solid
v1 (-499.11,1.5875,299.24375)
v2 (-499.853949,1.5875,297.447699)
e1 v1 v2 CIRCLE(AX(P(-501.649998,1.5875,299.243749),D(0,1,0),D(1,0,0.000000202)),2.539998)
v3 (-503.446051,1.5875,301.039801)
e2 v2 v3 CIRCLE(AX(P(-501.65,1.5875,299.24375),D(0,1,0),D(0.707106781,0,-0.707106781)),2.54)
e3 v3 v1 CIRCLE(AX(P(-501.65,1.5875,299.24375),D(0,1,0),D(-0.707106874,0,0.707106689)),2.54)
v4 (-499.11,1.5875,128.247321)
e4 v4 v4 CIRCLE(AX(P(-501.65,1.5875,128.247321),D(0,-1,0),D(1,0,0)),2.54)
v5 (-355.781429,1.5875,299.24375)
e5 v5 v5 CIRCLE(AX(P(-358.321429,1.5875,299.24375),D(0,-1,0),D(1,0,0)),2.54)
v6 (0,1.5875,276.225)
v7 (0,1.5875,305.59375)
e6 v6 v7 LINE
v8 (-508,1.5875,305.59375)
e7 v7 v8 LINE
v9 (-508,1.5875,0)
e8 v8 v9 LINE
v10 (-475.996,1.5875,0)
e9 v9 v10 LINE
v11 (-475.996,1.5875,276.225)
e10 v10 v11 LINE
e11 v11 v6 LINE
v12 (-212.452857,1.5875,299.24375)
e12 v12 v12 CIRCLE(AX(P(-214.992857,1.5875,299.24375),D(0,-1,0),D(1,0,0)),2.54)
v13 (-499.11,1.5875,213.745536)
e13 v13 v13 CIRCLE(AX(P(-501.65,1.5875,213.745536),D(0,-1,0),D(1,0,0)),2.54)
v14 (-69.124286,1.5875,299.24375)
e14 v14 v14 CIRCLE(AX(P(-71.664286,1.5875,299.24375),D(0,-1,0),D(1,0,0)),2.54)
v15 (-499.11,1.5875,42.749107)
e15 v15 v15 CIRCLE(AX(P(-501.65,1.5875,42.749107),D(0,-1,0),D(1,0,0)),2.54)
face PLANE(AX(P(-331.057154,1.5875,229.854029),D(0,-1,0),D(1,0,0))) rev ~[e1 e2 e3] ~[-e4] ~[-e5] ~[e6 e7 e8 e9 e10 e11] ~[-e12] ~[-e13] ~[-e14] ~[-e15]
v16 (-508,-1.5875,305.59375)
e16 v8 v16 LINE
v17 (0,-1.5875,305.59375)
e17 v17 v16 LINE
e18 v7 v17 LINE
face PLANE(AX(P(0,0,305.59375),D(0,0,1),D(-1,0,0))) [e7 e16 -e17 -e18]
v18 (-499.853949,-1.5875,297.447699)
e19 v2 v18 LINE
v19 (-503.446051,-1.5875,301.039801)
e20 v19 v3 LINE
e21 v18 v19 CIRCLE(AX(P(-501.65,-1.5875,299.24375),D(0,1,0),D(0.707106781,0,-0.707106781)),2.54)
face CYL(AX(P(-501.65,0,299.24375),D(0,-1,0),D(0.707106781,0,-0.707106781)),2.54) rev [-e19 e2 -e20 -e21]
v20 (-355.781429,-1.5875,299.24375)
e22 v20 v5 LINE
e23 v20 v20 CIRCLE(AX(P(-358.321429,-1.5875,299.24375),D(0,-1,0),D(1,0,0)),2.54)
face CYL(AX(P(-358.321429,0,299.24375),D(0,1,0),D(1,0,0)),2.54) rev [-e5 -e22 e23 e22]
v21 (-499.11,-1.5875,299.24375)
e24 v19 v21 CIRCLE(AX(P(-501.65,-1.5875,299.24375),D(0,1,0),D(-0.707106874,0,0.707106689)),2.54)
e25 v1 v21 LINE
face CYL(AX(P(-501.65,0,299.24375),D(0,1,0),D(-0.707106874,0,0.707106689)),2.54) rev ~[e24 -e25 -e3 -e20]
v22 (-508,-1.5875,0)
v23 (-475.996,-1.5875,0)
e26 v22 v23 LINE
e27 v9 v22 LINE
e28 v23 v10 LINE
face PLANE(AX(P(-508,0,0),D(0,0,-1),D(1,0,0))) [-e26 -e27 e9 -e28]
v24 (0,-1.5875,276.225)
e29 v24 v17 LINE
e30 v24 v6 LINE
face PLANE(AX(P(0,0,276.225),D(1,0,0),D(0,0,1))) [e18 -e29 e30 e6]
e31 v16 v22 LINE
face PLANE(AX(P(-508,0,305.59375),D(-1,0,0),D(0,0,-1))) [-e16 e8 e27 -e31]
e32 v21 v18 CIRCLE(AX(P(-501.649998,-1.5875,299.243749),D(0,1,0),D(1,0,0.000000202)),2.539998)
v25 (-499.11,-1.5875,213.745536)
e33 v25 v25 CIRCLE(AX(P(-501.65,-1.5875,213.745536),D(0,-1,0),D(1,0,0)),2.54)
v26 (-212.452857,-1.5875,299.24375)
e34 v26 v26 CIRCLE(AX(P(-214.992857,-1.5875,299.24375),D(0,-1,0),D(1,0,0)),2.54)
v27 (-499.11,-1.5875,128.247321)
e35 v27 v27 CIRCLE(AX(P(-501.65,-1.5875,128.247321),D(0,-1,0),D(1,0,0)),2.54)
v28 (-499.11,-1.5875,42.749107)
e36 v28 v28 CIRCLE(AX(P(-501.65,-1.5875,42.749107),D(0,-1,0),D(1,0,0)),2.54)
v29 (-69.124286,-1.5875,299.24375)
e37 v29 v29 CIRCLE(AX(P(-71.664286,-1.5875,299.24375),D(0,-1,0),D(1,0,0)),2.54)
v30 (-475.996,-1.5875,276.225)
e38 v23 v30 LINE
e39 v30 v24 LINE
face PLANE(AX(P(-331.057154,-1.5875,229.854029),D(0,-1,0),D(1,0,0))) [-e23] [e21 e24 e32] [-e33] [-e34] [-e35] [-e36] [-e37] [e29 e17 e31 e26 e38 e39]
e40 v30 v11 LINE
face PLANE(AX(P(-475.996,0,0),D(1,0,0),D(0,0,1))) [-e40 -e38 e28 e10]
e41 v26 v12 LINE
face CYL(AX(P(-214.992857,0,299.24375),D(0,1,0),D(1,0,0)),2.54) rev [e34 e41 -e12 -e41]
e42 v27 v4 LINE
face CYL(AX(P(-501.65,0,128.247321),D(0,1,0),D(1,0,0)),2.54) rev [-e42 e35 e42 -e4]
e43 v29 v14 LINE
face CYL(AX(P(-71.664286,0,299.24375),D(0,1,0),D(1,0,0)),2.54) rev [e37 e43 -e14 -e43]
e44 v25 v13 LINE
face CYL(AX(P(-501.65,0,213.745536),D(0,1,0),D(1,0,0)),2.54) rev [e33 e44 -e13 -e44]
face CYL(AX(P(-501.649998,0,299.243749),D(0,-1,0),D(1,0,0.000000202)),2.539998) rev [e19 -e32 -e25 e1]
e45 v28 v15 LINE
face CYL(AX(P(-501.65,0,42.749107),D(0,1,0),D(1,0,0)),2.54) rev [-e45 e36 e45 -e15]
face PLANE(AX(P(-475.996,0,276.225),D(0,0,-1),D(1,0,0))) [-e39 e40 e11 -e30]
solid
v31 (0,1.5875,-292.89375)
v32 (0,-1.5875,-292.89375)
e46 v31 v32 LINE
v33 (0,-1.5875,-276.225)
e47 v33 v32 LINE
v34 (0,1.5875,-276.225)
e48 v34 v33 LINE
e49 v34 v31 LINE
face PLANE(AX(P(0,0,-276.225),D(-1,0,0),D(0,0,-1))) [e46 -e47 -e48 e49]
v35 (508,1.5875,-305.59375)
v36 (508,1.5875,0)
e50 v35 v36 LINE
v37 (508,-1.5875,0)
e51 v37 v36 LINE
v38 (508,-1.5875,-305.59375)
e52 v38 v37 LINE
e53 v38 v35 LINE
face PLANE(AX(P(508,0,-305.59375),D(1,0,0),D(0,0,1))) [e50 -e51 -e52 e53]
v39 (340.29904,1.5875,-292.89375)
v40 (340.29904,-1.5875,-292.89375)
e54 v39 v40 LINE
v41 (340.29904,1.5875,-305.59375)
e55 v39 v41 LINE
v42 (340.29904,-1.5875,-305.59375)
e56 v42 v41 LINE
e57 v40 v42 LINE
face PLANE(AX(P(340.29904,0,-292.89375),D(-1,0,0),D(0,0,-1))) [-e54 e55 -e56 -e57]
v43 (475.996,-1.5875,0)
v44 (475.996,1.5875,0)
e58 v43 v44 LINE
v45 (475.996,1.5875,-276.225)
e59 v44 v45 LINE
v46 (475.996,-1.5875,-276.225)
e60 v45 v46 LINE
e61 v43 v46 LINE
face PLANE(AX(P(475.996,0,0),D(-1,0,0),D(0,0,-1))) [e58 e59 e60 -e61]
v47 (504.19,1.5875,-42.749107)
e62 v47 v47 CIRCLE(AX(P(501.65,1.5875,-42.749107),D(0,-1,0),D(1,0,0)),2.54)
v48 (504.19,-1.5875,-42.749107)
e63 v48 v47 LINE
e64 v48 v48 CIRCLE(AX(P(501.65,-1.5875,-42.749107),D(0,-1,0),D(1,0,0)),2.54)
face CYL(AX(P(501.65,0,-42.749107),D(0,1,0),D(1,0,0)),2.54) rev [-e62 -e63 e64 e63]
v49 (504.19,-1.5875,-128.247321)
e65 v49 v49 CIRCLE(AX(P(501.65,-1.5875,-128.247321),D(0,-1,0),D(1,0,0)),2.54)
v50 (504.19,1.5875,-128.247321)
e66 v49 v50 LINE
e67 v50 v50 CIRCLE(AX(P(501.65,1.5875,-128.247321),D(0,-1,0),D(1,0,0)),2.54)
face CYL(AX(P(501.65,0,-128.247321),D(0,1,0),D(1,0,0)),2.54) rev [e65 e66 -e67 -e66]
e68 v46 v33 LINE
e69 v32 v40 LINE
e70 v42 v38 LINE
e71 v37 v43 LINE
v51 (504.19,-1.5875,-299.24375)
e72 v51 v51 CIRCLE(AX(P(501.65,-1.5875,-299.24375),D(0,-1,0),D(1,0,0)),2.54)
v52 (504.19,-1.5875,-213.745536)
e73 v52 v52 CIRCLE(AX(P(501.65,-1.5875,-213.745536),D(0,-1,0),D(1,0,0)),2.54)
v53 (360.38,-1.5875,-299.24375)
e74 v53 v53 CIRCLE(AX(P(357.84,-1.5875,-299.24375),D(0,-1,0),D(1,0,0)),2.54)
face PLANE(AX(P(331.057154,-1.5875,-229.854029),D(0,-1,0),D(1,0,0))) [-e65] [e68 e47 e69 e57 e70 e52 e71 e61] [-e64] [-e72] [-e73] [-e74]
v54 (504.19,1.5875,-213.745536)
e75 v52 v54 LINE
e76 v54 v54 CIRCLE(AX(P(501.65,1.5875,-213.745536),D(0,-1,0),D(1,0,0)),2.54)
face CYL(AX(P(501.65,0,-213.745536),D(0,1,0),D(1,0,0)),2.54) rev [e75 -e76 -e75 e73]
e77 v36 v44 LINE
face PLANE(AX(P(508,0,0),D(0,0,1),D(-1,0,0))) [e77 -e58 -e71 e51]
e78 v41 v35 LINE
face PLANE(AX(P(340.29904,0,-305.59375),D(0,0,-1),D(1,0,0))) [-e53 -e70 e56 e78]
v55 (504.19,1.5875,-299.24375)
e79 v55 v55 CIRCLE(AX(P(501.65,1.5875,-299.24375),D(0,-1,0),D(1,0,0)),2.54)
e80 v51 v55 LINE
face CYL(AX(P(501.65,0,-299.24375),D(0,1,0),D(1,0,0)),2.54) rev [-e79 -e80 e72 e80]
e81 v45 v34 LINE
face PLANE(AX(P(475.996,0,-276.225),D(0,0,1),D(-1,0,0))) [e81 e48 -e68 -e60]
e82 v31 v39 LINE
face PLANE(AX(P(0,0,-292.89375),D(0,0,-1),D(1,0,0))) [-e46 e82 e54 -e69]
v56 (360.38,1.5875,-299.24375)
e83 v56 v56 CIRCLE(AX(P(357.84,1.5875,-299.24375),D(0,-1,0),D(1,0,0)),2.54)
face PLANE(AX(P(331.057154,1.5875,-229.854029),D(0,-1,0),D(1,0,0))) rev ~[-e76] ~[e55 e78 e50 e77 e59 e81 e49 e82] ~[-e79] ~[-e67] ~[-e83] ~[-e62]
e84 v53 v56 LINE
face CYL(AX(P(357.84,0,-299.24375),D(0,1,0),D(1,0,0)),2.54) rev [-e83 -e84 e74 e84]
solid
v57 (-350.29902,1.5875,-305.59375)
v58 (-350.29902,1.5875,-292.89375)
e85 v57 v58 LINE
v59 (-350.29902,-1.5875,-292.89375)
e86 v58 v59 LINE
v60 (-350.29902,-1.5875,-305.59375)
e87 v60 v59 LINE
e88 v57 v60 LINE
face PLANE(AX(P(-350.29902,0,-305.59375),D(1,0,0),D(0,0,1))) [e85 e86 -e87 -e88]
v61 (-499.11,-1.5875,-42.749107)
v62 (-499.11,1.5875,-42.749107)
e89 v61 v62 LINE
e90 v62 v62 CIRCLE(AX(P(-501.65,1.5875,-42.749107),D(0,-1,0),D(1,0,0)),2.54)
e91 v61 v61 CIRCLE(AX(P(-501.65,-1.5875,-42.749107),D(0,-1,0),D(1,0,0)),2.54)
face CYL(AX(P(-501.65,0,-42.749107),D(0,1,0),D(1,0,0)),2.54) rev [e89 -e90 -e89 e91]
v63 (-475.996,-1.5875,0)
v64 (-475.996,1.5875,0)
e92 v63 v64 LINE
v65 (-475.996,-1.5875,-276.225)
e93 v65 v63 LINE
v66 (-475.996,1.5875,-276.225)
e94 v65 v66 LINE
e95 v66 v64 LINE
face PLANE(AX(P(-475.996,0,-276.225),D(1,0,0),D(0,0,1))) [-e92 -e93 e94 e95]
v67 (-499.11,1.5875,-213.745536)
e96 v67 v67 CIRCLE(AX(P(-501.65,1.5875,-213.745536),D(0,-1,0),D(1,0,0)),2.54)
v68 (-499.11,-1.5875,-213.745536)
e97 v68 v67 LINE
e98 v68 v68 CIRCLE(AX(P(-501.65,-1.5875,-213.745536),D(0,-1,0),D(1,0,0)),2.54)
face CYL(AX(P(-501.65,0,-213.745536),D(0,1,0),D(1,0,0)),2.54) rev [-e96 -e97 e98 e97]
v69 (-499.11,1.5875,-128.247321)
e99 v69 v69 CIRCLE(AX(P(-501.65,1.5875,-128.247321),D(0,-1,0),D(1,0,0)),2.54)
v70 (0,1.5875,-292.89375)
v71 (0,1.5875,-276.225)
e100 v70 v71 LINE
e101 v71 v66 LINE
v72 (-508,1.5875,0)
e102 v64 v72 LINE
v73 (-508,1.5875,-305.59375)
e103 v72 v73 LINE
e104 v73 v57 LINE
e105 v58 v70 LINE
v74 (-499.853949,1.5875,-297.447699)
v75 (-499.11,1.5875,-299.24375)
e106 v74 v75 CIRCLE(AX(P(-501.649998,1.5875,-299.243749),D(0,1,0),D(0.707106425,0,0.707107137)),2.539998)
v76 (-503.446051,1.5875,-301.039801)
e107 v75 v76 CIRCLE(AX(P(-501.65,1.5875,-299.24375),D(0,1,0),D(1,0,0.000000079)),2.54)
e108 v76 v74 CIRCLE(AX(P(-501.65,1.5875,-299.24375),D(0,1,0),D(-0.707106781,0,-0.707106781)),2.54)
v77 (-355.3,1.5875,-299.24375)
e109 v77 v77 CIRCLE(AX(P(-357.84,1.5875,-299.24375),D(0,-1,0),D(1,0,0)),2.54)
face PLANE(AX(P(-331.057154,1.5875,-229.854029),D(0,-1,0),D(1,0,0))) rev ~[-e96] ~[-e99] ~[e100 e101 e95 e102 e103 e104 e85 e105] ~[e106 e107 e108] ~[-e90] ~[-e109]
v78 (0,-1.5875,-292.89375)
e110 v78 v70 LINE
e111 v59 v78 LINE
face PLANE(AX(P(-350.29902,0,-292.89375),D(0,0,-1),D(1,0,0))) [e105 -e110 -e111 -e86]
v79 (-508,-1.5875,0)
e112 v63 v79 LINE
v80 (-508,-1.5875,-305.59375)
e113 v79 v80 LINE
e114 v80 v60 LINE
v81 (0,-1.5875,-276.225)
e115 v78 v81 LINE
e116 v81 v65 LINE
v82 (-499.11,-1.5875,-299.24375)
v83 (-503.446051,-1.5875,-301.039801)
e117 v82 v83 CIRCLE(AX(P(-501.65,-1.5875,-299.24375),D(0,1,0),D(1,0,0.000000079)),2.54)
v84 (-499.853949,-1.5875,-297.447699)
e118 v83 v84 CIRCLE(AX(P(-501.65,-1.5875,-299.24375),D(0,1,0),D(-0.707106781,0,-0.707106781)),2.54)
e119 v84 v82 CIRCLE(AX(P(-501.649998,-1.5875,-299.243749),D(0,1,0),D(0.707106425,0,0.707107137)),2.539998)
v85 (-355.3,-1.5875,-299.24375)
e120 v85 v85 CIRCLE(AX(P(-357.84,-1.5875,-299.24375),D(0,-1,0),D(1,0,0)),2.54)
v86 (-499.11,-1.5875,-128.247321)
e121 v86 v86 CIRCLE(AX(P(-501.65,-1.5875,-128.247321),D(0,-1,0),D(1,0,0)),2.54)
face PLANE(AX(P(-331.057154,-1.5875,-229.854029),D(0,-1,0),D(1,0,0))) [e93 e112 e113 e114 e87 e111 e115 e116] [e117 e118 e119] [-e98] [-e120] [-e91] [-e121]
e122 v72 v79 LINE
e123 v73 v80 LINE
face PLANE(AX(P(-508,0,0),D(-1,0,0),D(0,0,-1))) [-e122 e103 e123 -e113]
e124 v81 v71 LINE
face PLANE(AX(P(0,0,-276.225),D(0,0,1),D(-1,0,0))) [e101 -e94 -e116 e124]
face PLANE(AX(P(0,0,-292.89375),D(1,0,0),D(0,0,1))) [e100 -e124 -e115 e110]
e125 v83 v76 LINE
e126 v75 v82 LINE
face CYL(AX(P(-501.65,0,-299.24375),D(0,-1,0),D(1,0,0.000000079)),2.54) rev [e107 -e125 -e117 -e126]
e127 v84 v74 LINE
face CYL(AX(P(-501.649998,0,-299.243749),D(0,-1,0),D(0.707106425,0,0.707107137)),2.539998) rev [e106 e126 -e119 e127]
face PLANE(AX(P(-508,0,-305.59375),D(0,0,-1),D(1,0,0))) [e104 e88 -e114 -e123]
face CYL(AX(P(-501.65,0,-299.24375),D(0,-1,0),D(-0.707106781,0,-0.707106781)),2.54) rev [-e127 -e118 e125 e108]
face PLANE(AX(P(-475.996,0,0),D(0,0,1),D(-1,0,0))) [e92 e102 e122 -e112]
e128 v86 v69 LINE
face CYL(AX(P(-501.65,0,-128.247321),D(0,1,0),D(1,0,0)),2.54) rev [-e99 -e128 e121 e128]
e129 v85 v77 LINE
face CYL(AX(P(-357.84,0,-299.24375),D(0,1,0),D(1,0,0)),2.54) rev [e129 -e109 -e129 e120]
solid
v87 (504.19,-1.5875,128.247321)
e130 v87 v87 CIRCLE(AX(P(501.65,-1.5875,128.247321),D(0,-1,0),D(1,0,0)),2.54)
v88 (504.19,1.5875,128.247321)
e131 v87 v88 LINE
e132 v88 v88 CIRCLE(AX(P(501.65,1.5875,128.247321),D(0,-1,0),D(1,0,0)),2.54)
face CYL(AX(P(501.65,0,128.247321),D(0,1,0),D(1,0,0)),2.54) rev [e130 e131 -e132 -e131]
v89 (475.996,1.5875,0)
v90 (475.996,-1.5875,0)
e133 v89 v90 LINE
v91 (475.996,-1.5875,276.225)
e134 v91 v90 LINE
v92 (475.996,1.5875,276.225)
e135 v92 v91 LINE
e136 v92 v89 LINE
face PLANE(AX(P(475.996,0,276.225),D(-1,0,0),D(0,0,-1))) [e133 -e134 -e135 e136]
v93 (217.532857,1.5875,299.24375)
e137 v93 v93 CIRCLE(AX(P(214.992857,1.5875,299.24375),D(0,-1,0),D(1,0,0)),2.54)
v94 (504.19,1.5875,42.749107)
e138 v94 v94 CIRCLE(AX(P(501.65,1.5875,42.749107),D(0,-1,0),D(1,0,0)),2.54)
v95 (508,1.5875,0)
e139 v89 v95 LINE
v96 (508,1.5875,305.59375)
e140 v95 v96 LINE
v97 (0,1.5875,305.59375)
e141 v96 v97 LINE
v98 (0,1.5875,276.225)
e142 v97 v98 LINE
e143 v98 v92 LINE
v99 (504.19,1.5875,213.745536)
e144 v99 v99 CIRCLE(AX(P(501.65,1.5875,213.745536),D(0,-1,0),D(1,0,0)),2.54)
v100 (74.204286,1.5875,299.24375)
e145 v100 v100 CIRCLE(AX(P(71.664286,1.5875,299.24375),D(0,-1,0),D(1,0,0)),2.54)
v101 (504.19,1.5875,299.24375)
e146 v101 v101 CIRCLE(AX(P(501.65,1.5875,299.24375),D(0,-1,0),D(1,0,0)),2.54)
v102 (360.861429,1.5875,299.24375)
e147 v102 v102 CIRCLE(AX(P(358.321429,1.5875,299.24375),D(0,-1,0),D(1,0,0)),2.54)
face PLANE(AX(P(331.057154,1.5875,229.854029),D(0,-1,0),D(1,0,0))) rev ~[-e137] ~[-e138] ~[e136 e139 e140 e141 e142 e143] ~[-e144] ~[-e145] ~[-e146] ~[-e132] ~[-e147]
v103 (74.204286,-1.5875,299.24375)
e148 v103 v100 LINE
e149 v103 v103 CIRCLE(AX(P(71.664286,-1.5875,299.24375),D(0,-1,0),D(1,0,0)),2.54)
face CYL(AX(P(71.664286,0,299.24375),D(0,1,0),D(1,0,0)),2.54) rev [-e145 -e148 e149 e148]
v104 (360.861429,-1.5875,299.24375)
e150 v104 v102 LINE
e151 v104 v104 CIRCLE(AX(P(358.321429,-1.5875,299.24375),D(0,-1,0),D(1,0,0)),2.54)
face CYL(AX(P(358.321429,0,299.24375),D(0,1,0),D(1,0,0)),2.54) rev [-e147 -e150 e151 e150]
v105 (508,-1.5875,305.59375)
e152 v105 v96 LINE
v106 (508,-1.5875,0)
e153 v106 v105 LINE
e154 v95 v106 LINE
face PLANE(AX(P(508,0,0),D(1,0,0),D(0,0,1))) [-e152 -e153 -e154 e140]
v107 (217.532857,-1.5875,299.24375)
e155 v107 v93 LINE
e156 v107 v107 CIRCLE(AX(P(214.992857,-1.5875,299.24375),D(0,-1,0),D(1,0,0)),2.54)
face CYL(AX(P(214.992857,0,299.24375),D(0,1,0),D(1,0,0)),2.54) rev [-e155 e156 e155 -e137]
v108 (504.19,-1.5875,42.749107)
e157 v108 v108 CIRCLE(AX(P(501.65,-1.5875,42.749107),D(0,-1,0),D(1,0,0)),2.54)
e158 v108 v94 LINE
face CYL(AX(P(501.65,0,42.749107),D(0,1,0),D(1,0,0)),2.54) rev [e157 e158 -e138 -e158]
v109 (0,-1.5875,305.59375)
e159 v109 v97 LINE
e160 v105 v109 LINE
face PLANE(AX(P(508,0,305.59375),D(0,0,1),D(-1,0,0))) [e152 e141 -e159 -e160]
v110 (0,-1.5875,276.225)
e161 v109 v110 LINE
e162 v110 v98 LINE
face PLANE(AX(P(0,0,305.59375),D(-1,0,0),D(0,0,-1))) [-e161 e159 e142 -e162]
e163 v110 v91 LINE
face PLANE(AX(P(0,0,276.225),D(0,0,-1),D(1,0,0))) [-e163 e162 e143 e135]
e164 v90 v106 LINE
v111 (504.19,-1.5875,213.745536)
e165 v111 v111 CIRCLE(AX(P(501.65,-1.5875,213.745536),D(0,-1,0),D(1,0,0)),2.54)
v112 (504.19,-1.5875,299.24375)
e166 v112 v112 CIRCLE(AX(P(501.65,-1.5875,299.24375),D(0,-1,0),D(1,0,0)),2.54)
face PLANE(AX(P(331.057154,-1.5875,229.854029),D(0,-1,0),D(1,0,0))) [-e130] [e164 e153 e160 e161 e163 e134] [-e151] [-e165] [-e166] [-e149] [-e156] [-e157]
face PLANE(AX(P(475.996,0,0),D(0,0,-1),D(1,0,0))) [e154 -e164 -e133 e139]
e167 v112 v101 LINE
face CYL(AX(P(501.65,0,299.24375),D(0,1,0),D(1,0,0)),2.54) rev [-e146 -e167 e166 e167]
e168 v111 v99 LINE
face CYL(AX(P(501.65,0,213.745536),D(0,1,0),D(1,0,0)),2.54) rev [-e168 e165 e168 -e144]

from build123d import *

# Parameters (mm, degrees)
F0_R     = 2.54
F1_DEPTH = 1.5875
F2_DEPTH = 1.5875
F3_DEPTH = 1.5875
F4_DEPTH = 1.5875


with BuildPart() as f1:
    # F0 (on Front) → F1 (new body, symmetric)
    with BuildSketch(Plane.XZ):
        Polygon((0, 276.225), (0, 292.89375), (-495.3, 292.89375), (-495.3, 0), (-475.996, 0), (-475.996, 276.225), align=None)
        with BuildLine():
            Line((-495.3, 0), (-495.3, 292.89375))
            Line((-495.3, 292.89375), (-499.853949, 297.447699))
            ThreePointArc((-499.853949, 297.447699), (-503.446051, 297.447699), (-503.446051, 301.039801))
            Line((-503.446051, 301.039801), (-508, 305.59375))
            Line((-508, 305.59375), (-508, 0))
            Line((-508, 0), (-495.3, 0))
        make_face()
        with Locations((-501.65, 42.749107)):
            Circle(F0_R, mode=Mode.SUBTRACT)
        with Locations((-501.65, 128.247321)):
            Circle(F0_R, mode=Mode.SUBTRACT)
        with Locations((-501.65, 213.745536)):
            Circle(F0_R, mode=Mode.SUBTRACT)
        with BuildLine():
            Line((-495.3, 292.89375), (0, 292.89375))
            Line((0, 292.89375), (0, 305.59375))
            Line((0, 305.59375), (-508, 305.59375))
            Line((-508, 305.59375), (-503.446051, 301.039801))
            ThreePointArc((-503.446051, 301.039801), (-500.677984, 301.590404), (-499.11, 299.24375))
            ThreePointArc((-499.11, 299.24375), (-499.303346, 298.271734), (-499.853949, 297.447699))
            Line((-499.853949, 297.447699), (-495.3, 292.89375))
        make_face()
        with Locations((-358.321429, 299.24375)):
            Circle(F0_R, mode=Mode.SUBTRACT)
        with Locations((-214.992857, 299.24375)):
            Circle(F0_R, mode=Mode.SUBTRACT)
        with Locations((-71.664286, 299.24375)):
            Circle(F0_R, mode=Mode.SUBTRACT)
    extrude(amount=F1_DEPTH, both=True)


with BuildPart() as f2:
    # F0 (on Front) → F2 (new body, symmetric)
    with BuildSketch(Plane.XZ):
        Polygon((495.3, 0), (495.3, 292.89375), (0, 292.89375), (0, 276.225), (475.996, 276.225), (475.996, 0), align=None)
        Polygon((0, 292.89375), (495.3, 292.89375), (495.3, 0), (508, 0), (508, 305.59375), (0, 305.59375), align=None)
        with Locations((501.65, 42.749107)):
            Circle(F0_R, mode=Mode.SUBTRACT)
        with Locations((501.65, 128.247321)):
            Circle(F0_R, mode=Mode.SUBTRACT)
        with Locations((71.664286, 299.24375)):
            Circle(F0_R, mode=Mode.SUBTRACT)
        with Locations((214.992857, 299.24375)):
            Circle(F0_R, mode=Mode.SUBTRACT)
        with Locations((501.65, 213.745536)):
            Circle(F0_R, mode=Mode.SUBTRACT)
        with Locations((358.321429, 299.24375)):
            Circle(F0_R, mode=Mode.SUBTRACT)
        with Locations((501.65, 299.24375)):
            Circle(F0_R, mode=Mode.SUBTRACT)
    extrude(amount=F2_DEPTH, both=True)


with BuildPart() as f3:
    # F0 (on Front) → F3 (new body, symmetric)
    with BuildSketch(Plane.XZ):
        Polygon((495.3, -292.89375), (495.3, 0), (475.996, 0), (475.996, -276.225), (0, -276.225), (0, -292.89375), (340.29904, -292.89375), align=None)
        Polygon((508, 0), (495.3, 0), (495.3, -292.89375), (340.29904, -292.89375), (340.29904, -305.59375), (508, -305.59375), align=None)
        with Locations((357.84, -299.24375)):
            Circle(F0_R, mode=Mode.SUBTRACT)
        with Locations((501.65, -299.24375)):
            Circle(F0_R, mode=Mode.SUBTRACT)
        with Locations((501.65, -213.745536)):
            Circle(F0_R, mode=Mode.SUBTRACT)
        with Locations((501.65, -128.247321)):
            Circle(F0_R, mode=Mode.SUBTRACT)
        with Locations((501.65, -42.749107)):
            Circle(F0_R, mode=Mode.SUBTRACT)
    extrude(amount=F3_DEPTH, both=True)


with BuildPart() as f4:
    # F0 (on Front) → F4 (new body, symmetric)
    with BuildSketch(Plane.XZ):
        Polygon((-475.996, 0), (-495.3, 0), (-495.3, -292.89375), (-350.29902, -292.89375), (0, -292.89375), (0, -276.225), (-475.996, -276.225), align=None)
        with BuildLine():
            Line((-350.29902, -292.89375), (-495.3, -292.89375))
            Line((-495.3, -292.89375), (-499.853949, -297.447699))
            ThreePointArc((-499.853949, -297.447699), (-499.303346, -298.271734), (-499.11, -299.24375))
            ThreePointArc((-499.11, -299.24375), (-500.677984, -301.590404), (-503.446051, -301.039801))
            Line((-503.446051, -301.039801), (-508, -305.59375))
            Line((-508, -305.59375), (-350.29902, -305.59375))
            Line((-350.29902, -305.59375), (-350.29902, -292.89375))
        make_face()
        with Locations((-357.84, -299.24375)):
            Circle(F0_R, mode=Mode.SUBTRACT)
        with BuildLine():
            Line((-495.3, -292.89375), (-495.3, 0))
            Line((-495.3, 0), (-508, 0))
            Line((-508, 0), (-508, -305.59375))
            Line((-508, -305.59375), (-503.446051, -301.039801))
            ThreePointArc((-503.446051, -301.039801), (-503.446051, -297.447699), (-499.853949, -297.447699))
            Line((-499.853949, -297.447699), (-495.3, -292.89375))
        make_face()
        with Locations((-501.65, -213.745536)):
            Circle(F0_R, mode=Mode.SUBTRACT)
        with Locations((-501.65, -128.247321)):
            Circle(F0_R, mode=Mode.SUBTRACT)
        with Locations((-501.65, -42.749107)):
            Circle(F0_R, mode=Mode.SUBTRACT)
    extrude(amount=F4_DEPTH, both=True)


solid = Compound([f1.part, f2.part, f3.part, f4.part])
